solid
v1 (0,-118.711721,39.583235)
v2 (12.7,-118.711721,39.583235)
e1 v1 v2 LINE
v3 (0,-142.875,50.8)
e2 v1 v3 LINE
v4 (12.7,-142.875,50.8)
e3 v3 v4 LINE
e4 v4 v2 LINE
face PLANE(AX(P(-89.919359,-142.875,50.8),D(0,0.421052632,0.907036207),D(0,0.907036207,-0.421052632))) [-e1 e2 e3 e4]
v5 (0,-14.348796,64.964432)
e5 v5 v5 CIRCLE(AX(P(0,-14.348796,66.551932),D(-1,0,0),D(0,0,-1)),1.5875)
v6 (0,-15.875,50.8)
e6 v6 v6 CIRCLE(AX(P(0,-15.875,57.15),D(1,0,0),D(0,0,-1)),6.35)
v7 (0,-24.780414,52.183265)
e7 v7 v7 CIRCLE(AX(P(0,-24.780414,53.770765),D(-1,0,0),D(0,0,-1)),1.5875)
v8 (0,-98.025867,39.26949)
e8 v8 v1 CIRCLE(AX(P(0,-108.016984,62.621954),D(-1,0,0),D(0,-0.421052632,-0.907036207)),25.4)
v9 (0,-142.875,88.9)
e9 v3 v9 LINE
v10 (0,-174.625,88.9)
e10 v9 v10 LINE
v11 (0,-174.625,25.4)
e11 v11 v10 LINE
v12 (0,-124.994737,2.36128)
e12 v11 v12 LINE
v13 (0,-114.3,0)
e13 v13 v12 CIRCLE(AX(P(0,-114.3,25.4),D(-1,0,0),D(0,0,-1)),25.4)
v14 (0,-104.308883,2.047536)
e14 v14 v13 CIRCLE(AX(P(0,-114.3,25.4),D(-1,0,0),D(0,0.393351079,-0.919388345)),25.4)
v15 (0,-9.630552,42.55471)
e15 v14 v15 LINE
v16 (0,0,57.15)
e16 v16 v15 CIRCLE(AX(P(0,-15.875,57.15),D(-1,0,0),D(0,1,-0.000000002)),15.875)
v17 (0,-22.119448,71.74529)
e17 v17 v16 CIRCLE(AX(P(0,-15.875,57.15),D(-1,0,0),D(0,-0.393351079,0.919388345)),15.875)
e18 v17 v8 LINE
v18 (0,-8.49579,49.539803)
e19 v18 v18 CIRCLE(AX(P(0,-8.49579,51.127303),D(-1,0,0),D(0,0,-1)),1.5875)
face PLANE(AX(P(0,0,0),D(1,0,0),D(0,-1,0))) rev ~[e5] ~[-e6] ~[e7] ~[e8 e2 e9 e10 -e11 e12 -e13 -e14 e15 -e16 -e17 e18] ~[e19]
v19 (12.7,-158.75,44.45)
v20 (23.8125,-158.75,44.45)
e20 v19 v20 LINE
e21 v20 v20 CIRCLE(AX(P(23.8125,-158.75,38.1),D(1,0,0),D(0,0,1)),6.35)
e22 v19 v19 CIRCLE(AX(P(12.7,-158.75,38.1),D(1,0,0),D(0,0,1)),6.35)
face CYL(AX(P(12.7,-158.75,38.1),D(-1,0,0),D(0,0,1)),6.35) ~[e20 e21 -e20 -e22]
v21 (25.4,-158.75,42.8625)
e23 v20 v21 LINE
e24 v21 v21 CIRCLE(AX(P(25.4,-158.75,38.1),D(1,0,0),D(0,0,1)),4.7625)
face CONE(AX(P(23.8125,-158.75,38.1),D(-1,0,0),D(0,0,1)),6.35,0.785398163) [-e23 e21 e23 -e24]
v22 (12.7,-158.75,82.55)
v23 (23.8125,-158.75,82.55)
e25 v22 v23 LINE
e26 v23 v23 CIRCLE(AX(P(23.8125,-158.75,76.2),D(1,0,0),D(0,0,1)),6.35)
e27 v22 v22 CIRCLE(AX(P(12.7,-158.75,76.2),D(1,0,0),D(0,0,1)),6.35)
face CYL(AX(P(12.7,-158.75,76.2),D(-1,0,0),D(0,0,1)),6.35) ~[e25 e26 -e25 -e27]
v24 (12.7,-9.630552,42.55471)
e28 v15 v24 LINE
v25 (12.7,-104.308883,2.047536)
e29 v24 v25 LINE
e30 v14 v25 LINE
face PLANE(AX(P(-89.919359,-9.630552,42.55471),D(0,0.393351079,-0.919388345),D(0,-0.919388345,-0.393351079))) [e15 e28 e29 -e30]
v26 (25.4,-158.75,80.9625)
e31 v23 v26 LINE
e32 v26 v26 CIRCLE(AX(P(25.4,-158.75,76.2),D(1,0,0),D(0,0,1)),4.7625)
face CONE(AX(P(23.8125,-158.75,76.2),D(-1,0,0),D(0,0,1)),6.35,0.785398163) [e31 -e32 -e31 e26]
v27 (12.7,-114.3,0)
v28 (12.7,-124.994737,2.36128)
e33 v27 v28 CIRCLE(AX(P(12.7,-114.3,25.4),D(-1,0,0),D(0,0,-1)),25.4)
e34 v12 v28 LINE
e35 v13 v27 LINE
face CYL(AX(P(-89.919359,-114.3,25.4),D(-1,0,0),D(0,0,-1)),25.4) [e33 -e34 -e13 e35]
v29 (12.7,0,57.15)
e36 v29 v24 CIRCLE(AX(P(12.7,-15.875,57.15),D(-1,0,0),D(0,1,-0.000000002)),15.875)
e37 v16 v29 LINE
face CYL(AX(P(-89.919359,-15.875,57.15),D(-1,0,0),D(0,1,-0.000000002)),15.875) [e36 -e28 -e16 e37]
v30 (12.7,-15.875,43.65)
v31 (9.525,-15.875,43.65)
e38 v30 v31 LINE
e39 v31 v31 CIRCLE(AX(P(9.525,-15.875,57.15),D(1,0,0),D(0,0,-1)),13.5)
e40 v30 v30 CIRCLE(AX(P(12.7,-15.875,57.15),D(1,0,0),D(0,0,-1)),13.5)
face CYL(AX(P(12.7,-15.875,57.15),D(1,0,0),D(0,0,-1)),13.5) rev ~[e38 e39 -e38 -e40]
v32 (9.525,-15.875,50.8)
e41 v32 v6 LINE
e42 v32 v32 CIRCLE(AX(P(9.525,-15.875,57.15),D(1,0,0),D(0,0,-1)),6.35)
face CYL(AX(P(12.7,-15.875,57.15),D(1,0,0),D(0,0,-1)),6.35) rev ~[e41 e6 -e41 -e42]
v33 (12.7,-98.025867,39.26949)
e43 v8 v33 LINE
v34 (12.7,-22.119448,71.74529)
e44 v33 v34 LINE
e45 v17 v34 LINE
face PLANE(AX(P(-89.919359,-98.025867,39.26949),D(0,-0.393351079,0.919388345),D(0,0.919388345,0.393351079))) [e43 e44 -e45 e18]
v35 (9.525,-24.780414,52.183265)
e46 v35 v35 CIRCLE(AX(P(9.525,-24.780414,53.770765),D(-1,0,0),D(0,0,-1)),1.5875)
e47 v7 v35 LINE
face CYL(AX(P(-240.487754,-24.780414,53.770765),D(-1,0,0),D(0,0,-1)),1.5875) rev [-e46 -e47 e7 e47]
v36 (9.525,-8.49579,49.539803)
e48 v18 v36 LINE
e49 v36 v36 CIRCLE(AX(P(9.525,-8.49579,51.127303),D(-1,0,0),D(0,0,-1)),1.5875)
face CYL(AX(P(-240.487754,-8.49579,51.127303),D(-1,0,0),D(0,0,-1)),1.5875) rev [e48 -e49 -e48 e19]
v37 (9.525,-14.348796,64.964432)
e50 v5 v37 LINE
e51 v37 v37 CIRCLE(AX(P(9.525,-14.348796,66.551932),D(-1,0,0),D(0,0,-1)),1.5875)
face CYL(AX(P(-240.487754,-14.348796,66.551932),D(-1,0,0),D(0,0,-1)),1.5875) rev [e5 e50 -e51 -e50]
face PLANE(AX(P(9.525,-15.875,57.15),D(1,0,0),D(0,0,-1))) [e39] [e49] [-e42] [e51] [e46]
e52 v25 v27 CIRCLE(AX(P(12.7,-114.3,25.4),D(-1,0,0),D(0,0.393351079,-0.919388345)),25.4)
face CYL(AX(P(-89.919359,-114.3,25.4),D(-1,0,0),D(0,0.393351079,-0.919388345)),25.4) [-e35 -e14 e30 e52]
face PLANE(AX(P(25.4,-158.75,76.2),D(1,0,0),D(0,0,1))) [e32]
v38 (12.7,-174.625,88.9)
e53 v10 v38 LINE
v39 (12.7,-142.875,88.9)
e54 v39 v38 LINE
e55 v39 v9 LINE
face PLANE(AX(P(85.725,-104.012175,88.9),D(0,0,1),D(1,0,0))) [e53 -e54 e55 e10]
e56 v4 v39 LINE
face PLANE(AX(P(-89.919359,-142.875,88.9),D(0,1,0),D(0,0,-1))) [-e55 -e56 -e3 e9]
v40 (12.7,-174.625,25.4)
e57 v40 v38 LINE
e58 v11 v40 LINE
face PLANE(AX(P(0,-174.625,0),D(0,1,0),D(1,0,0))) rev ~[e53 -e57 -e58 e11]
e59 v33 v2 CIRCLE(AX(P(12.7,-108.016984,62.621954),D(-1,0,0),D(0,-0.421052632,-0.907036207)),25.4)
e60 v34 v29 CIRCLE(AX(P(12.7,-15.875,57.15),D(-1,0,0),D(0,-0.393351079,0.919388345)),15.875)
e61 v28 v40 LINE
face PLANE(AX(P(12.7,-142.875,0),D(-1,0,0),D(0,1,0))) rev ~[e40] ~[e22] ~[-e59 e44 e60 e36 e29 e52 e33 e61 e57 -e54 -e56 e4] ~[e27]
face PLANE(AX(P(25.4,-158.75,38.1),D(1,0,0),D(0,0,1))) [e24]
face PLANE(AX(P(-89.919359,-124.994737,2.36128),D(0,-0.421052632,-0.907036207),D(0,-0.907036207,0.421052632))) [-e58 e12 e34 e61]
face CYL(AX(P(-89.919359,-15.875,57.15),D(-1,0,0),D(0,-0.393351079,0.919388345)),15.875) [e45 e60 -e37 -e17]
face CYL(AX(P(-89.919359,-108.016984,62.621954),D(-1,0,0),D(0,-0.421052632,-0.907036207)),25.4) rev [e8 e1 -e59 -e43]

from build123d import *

# Parameters (mm, degrees)
BOSS_EXTRUDE1_DEPTH      = 88.9
CUT_EXTRUDE2_DEPTH       = 241.232341963
CUT_EXTRUDE2_DEPTH_BACK  = 241.232341963
SKETCH3_R                = 28.575
CUT_EXTRUDE5_DEPTH       = 28.575
CUT_EXTRUDE6_DEPTH       = 243.134084755
CUT_EXTRUDE6_DEPTH_BACK  = 243.134084755
SKETCH4_R                = 12.7
CUT_EXTRUDE7_DEPTH       = 261.369359036
CUT_EXTRUDE7_DEPTH_BACK  = 261.369359036
CUT_EXTRUDE8_DEPTH       = 261.369359036
CUT_EXTRUDE8_DEPTH_BACK  = 12.7
SKETCH6_R                = 9.525
SKETCH7_R                = 6.35
CUT_EXTRUDE9_DEPTH       = 12.7
SKETCH12_R               = 13.5
CUT_EXTRUDE13_DEPTH      = 3.175
CUT_EXTRUDE14_DEPTH      = 253.187753717
CUT_EXTRUDE14_DEPTH_BACK = 253.187753717
SKETCH14_R               = 1.5875
CUT_EXTRUDE15_DEPTH      = 261.369359036
CUT_EXTRUDE15_DEPTH_BACK = 261.369359036
SKETCH15_W               = 158.75
SKETCH15_H               = 174.625
SKETCH16_R               = 6.35
BOSS_EXTRUDE2_DEPTH      = 12.7
CHAMFER1_SIZE            = 1.5875


with BuildPart() as part:
    # Sketch1 → Boss-Extrude1 (new body)
    with BuildSketch(Plane.XY):
        Polygon((0, 0), (0, -174.625), (171.45, -174.625), (171.45, 0), (158.75, 0), (158.75, -142.875), (12.7, -142.875), (12.7, 0), align=None)
    extrude(amount=BOSS_EXTRUDE1_DEPTH)

    # Sketch2 → Cut-Extrude2 (cut, two sides: drawn at the far end of the back side and taken through both)
    with BuildSketch(Plane(origin=(0, -142.875, 0), x_dir=(1, 0, 0), z_dir=(0, 1, 0)).offset(-CUT_EXTRUDE2_DEPTH_BACK)):
        Polygon((158.75, 0), (12.7, 0), (12.7, -25.4), (85.724999876, -25.4), (158.75, -25.4), align=None)
    extrude(amount=CUT_EXTRUDE2_DEPTH + CUT_EXTRUDE2_DEPTH_BACK, mode=Mode.SUBTRACT)

    # Sketch3 → Cut-Extrude5 (cut)
    with BuildSketch(Plane.XZ.offset(174.625)):
        with Locations((85.725, 57.15)):
            Circle(SKETCH3_R)
    extrude(amount=-CUT_EXTRUDE5_DEPTH, mode=Mode.SUBTRACT)

    # Sketch4 → Cut-Extrude6 (cut, two sides: drawn at the far end of the back side and taken through both)
    with BuildSketch(Plane.XZ.offset(146.05).offset(-CUT_EXTRUDE6_DEPTH_BACK)):
        with Locations((85.725, 57.15)):
            Circle(SKETCH4_R)
    extrude(amount=CUT_EXTRUDE6_DEPTH + CUT_EXTRUDE6_DEPTH_BACK, mode=Mode.SUBTRACT)

    # Sketch5 → Cut-Extrude7 (cut, two sides: drawn at the far end of the back side and taken through both)
    with BuildSketch(Plane(origin=(171.45, 0, 0), x_dir=(0, 0, -1), z_dir=(1, 0, 0)).offset(-CUT_EXTRUDE7_DEPTH_BACK)):
        with BuildLine():
            Line((0, -174.625), (0, -114.3))
            ThreePointArc((0, -114.3), (-0.597344099, -119.776153781), (-2.361280333, -124.994736842))
            Line((-2.361280333, -124.994736842), (-25.4, -174.625))
            Line((-25.4, -174.625), (0, -174.625))
        make_face()
        with BuildLine():
            Line((-39.269490456, -98.025866748), (-71.745289975, -22.119448379))
            ThreePointArc((-71.745289975, -22.119448379), (-70.400400796, -7.131859618), (-57.149999966, 0))
            Line((-57.149999966, 0), (-88.9, 0))
            Line((-88.9, 0), (-88.9, -142.875))
            Line((-88.9, -142.875), (-50.8, -142.875))
            Line((-50.8, -142.875), (-39.583234749, -118.711720996))
            ThreePointArc((-39.583234749, -118.711720996), (-37.224875429, -108.402184034), (-39.269490456, -98.025866748))
        make_face()
        with BuildLine():
            Line((0, 0), (-57.149999966, 0))
            ThreePointArc((-57.149999966, 0), (-48.406859618, -2.624599204), (-42.554710025, -9.630551621))
            Line((-42.554710025, -9.630551621), (-2.047536041, -104.308882594))
            ThreePointArc((-2.047536041, -104.308882594), (-0.51714863, -109.200616928), (0, -114.3))
            Line((0, -114.3), (0, 0))
        make_face()
    extrude(amount=CUT_EXTRUDE7_DEPTH + CUT_EXTRUDE7_DEPTH_BACK, mode=Mode.SUBTRACT)

    # Sketch6 → Cut-Extrude8 (cut, two sides: drawn at the far end of the back side and taken through both)
    with BuildSketch(Plane(origin=(171.45, 0, 0), x_dir=(0, 0, -1), z_dir=(1, 0, 0)).offset(-CUT_EXTRUDE8_DEPTH_BACK)):
        with Locations(Location((-57.15, -15.875, 0), (0, 0, 90))):
            Circle(SKETCH6_R)
    extrude(amount=CUT_EXTRUDE8_DEPTH + CUT_EXTRUDE8_DEPTH_BACK, mode=Mode.SUBTRACT)

    # Sketch7 → Cut-Extrude9 (cut)
    with BuildSketch(Plane(origin=(12.7, 0, 0), x_dir=(0, 0, -1), z_dir=(1, 0, 0))):
        with Locations((-57.15, -15.875)):
            Circle(SKETCH7_R)
    extrude(amount=-CUT_EXTRUDE9_DEPTH, mode=Mode.SUBTRACT)

    # Sketch12 → Cut-Extrude13 (cut)
    with BuildSketch(Plane(origin=(12.7, 0, 0), x_dir=(0, 0, -1), z_dir=(1, 0, 0))):
        with Locations((-57.15, -15.875)):
            Circle(SKETCH12_R)
    extrude(amount=-CUT_EXTRUDE13_DEPTH, mode=Mode.SUBTRACT)

    # Sketch14 → Cut-Extrude14 (cut, two sides: drawn at the far end of the back side and taken through both)
    with BuildSketch(Plane(origin=(12.7, 0, 0), x_dir=(0, 0, -1), z_dir=(1, 0, 0)).offset(-CUT_EXTRUDE14_DEPTH_BACK)):
        with Locations((-53.770765225, -24.780413934)):
            Circle(SKETCH14_R)
        with Locations((-66.551932086, -14.348796194)):
            Circle(SKETCH14_R)
        with Locations((-51.12730269, -8.495789872)):
            Circle(SKETCH14_R)
    extrude(amount=CUT_EXTRUDE14_DEPTH + CUT_EXTRUDE14_DEPTH_BACK, mode=Mode.SUBTRACT)

    # Sketch15 → Cut-Extrude15 (cut, two sides: drawn at the far end of the back side and taken through both)
    with BuildSketch(Plane.XY.offset(88.9).offset(-CUT_EXTRUDE15_DEPTH_BACK)):
        with Locations((92.075, -87.3125)):
            Rectangle(SKETCH15_W, SKETCH15_H)
    extrude(amount=CUT_EXTRUDE15_DEPTH + CUT_EXTRUDE15_DEPTH_BACK, mode=Mode.SUBTRACT)

    # Sketch16 → Boss-Extrude2 (add)
    with BuildSketch(Plane(origin=(12.7, 0, 0), x_dir=(0, 0, -1), z_dir=(1, 0, 0))):
        with Locations(Location((-76.2, -158.75, 0), (0, 0, 180))):
            Circle(SKETCH16_R)
        with Locations(Location((-38.1, -158.75, 0), (0, 0, 180))):
            Circle(SKETCH16_R)
    extrude(amount=BOSS_EXTRUDE2_DEPTH)

    # Chamfer1
    chamfer1_edges = [part.edges().sort_by_distance(p)[0] for p in [
        (25.4, -158.75, 69.85),
        (25.4, -158.75, 31.75),
    ]]
    chamfer(chamfer1_edges, length=CHAMFER1_SIZE)


solid = part.part
